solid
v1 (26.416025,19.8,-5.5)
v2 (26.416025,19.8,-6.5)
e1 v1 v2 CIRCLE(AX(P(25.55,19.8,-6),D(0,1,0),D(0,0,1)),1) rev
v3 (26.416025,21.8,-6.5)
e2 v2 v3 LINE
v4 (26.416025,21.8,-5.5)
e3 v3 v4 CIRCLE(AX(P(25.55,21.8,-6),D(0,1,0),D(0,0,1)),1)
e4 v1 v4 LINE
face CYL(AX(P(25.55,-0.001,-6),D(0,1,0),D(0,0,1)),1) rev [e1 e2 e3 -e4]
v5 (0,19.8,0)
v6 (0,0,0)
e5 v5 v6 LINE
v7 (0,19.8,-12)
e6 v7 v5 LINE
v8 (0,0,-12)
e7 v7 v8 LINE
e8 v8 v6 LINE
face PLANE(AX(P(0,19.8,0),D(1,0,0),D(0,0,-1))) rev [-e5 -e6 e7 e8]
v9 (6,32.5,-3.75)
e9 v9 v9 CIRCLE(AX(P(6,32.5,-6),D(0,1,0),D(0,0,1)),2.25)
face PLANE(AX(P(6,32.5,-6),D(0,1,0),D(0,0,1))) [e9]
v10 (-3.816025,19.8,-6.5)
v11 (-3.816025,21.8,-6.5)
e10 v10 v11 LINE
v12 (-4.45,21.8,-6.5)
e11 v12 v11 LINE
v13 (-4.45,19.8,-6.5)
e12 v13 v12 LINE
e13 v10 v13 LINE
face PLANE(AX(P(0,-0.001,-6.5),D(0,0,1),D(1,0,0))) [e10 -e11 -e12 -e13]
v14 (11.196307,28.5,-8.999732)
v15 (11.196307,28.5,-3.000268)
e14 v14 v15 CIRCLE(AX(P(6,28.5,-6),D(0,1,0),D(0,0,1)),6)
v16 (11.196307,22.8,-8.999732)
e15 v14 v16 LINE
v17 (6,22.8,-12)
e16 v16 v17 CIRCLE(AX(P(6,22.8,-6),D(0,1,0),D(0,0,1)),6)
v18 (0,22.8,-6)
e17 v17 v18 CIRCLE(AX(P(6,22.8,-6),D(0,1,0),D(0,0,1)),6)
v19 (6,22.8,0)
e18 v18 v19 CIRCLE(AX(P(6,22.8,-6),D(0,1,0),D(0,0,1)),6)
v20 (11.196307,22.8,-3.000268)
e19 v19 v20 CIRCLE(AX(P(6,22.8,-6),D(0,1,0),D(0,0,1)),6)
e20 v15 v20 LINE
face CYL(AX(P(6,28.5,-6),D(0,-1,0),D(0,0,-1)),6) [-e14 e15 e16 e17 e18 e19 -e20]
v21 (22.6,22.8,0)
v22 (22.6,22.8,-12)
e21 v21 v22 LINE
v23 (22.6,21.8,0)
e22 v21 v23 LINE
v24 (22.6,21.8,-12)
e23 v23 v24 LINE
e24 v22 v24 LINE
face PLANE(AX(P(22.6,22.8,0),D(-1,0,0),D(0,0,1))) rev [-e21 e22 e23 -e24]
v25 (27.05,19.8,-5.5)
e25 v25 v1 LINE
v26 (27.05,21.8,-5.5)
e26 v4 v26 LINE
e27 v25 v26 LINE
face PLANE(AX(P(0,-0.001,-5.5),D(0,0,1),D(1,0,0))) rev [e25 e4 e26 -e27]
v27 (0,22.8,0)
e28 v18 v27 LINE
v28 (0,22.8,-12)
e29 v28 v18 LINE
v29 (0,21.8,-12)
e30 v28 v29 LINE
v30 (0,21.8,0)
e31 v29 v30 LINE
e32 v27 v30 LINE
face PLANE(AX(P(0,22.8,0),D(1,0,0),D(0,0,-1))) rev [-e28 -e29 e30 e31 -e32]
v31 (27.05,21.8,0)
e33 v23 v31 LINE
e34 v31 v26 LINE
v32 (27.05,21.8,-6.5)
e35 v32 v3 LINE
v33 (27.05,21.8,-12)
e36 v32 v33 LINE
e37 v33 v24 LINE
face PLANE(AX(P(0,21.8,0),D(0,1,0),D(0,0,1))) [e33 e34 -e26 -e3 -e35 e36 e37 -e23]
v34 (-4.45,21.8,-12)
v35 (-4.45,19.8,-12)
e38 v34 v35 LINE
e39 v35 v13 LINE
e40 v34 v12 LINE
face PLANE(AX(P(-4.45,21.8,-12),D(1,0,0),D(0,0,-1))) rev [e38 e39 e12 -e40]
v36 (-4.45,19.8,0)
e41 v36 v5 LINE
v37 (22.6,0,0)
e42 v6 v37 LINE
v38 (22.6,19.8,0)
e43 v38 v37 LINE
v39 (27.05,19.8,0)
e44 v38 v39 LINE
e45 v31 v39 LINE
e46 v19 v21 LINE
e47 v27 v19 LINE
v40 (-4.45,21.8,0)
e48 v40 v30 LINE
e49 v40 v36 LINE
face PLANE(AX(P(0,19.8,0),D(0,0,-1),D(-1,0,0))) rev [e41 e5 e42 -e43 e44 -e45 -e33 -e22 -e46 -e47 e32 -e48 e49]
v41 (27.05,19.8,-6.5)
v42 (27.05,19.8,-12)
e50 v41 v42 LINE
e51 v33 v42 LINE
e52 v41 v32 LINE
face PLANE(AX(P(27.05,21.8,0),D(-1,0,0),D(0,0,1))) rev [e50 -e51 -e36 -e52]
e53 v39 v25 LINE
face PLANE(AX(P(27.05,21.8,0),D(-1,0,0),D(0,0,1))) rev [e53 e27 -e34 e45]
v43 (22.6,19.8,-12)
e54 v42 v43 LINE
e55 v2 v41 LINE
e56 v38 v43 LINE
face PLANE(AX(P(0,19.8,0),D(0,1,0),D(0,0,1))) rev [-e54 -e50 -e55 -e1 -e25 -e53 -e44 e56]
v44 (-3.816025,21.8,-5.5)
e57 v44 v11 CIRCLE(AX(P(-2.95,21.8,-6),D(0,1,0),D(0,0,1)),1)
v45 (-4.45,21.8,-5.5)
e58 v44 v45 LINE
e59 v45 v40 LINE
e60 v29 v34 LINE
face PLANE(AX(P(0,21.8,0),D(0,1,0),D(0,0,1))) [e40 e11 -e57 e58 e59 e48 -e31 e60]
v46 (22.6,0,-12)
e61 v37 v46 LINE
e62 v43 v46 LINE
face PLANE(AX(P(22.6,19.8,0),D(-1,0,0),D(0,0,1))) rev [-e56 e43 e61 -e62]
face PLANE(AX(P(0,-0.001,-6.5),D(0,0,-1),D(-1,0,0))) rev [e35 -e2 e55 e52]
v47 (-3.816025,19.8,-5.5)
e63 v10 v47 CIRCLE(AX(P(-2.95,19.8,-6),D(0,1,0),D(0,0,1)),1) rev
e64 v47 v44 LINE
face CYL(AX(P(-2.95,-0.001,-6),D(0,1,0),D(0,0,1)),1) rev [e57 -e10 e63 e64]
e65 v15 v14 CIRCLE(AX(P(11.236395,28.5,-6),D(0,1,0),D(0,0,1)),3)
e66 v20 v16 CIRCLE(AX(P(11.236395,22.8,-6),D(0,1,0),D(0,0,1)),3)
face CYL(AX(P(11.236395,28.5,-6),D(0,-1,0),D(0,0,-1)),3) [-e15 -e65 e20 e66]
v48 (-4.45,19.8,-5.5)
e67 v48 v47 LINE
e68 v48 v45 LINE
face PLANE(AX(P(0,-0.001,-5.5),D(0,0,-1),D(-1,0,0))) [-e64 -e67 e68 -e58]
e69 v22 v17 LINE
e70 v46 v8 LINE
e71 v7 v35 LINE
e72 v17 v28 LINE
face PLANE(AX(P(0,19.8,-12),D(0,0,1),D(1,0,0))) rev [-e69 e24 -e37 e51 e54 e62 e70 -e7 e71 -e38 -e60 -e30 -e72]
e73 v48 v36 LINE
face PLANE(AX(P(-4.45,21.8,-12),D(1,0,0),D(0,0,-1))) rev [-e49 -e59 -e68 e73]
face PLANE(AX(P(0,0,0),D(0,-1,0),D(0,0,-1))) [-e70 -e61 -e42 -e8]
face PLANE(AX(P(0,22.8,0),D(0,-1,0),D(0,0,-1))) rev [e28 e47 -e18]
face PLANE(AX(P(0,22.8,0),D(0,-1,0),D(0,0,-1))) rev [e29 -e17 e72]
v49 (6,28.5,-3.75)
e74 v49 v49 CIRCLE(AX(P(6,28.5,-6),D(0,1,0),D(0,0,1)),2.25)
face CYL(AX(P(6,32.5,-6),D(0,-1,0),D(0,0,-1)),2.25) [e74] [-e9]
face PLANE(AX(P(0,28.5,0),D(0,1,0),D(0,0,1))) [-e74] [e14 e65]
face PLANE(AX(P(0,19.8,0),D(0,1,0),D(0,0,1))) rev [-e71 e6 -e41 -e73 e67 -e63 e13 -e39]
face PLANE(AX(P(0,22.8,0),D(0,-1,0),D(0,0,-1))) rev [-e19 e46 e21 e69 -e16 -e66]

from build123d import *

# Parameters (mm, degrees)
SCHIZZO1_W                   = 22.6
SCHIZZO1_H                   = 12
ESTRUSIONE_ESTRUSIONE1_DEPTH = 19.8
SCHIZZO3_W                   = 31.5
SCHIZZO3_H                   = 12
ESTRUSIONE_ESTRUSIONE2_DEPTH = 2
SCHIZZO4_W                   = 22.6
SCHIZZO4_H                   = 12
ESTRUSIONE_ESTRUSIONE3_DEPTH = 1
SCHIZZO5_R                   = 3
SCHIZZO5_R_2                 = 6
ESTRUSIONE_ESTRUSIONE4_DEPTH = 5.7
SCHIZZO6_R                   = 2.25
ESTRUSIONE_ESTRUSIONE5_DEPTH = 4
TAGLIO_ESTRUSIONE2_REACH     = 38.755


with BuildPart() as part:
    # Schizzo1 → Estrusione-Estrusione1 (new body)
    with BuildSketch(Plane(origin=(0, 0, 0), x_dir=(1, 0, 0), z_dir=(0, 1, 0))):
        with Locations((11.3, 6)):
            Rectangle(SCHIZZO1_W, SCHIZZO1_H)
    extrude(amount=ESTRUSIONE_ESTRUSIONE1_DEPTH)

    # Schizzo3 → Estrusione-Estrusione2 (add)
    with BuildSketch(Plane(origin=(0, 19.8, 0), x_dir=(1, 0, 0), z_dir=(0, 1, 0))):
        with Locations((11.3, 6)):
            Rectangle(SCHIZZO3_W, SCHIZZO3_H)
    extrude(amount=ESTRUSIONE_ESTRUSIONE2_DEPTH)

    # Schizzo4 → Estrusione-Estrusione3 (add)
    with BuildSketch(Plane(origin=(0, 21.8, 0), x_dir=(1, 0, 0), z_dir=(0, 1, 0))):
        with Locations((11.3, 6)):
            Rectangle(SCHIZZO4_W, SCHIZZO4_H)
    extrude(amount=ESTRUSIONE_ESTRUSIONE3_DEPTH)

    # Schizzo5 → Estrusione-Estrusione4 (add)
    with BuildSketch(Plane(origin=(0, 22.8, 0), x_dir=(1, 0, 0), z_dir=(0, 1, 0))):
        with Locations((11.236395356, 6)):
            Circle(SCHIZZO5_R)
        with Locations((6, 6)):
            Circle(SCHIZZO5_R_2)
    extrude(amount=ESTRUSIONE_ESTRUSIONE4_DEPTH)

    # Schizzo6 → Estrusione-Estrusione5 (add)
    with BuildSketch(Plane(origin=(0, 28.5, 0), x_dir=(1, 0, 0), z_dir=(0, 1, 0))):
        with Locations(Location((6, 6, 0), (0, 0, 270))):
            Circle(SCHIZZO6_R)
    extrude(amount=ESTRUSIONE_ESTRUSIONE5_DEPTH)

    # Schizzo7 → Taglio-Estrusione2 (cut, up to next)
    with BuildSketch(Plane(origin=(0, 21.8, 0), x_dir=(1, 0, 0), z_dir=(0, 1, 0)), mode=Mode.PRIVATE) as taglio_estrusione2_sk1:
        with BuildLine():
            Line((-4.45, 5.5), (-3.816025404, 5.5))
            ThreePointArc((-3.816025404, 5.5), (-3.915925826, 5.741180955), (-3.95, 6))
            Line((-3.95, 6), (-4.45, 6))
            Line((-4.45, 6), (-4.45, 5.5))
        make_face()
    taglio_estrusione2_tool1 = extrude(taglio_estrusione2_sk1.sketch, amount=-TAGLIO_ESTRUSIONE2_REACH, mode=Mode.PRIVATE) & part.part
    # Schizzo7 → Taglio-Estrusione2 (cut, up to next)
    with BuildSketch(Plane(origin=(0, 21.8, 0), x_dir=(1, 0, 0), z_dir=(0, 1, 0)), mode=Mode.PRIVATE) as taglio_estrusione2_sk2:
        with BuildLine():
            ThreePointArc((-3.95, 6), (-3.915925826, 6.258819045), (-3.816025404, 6.5))
            Line((-3.816025404, 6.5), (-4.45, 6.5))
            Line((-4.45, 6.5), (-4.45, 6))
            Line((-4.45, 6), (-3.95, 6))
        make_face()
    taglio_estrusione2_tool2 = extrude(taglio_estrusione2_sk2.sketch, amount=-TAGLIO_ESTRUSIONE2_REACH, mode=Mode.PRIVATE) & part.part
    # Schizzo7 → Taglio-Estrusione2 (cut, up to next)
    with BuildSketch(Plane(origin=(0, 21.8, 0), x_dir=(1, 0, 0), z_dir=(0, 1, 0)), mode=Mode.PRIVATE) as taglio_estrusione2_sk3:
        with BuildLine():
            ThreePointArc((-3.816025404, 5.5), (-2.691180955, 5.034074174), (-1.95, 6))
            Line((-1.95, 6), (-2.449082486, 6))
            Line((-2.449082486, 6), (-2.449082486, 5.5))
            Line((-2.449082486, 5.5), (-3.816025404, 5.5))
        make_face()
    taglio_estrusione2_tool3 = extrude(taglio_estrusione2_sk3.sketch, amount=-TAGLIO_ESTRUSIONE2_REACH, mode=Mode.PRIVATE) & part.part
    # Schizzo7 → Taglio-Estrusione2 (cut, up to next)
    with BuildSketch(Plane(origin=(0, 21.8, 0), x_dir=(1, 0, 0), z_dir=(0, 1, 0)), mode=Mode.PRIVATE) as taglio_estrusione2_sk4:
        with BuildLine():
            Line((-2.449082486, 5.5), (-2.449082486, 6))
            Line((-2.449082486, 6), (-3.95, 6))
            ThreePointArc((-3.95, 6), (-3.915925826, 5.741180955), (-3.816025404, 5.5))
            Line((-3.816025404, 5.5), (-2.449082486, 5.5))
        make_face()
    taglio_estrusione2_tool4 = extrude(taglio_estrusione2_sk4.sketch, amount=-TAGLIO_ESTRUSIONE2_REACH, mode=Mode.PRIVATE) & part.part
    # Schizzo7 → Taglio-Estrusione2 (cut, up to next)
    with BuildSketch(Plane(origin=(0, 21.8, 0), x_dir=(1, 0, 0), z_dir=(0, 1, 0)), mode=Mode.PRIVATE) as taglio_estrusione2_sk5:
        with BuildLine():
            Line((-2.449082486, 6), (-1.95, 6))
            ThreePointArc((-1.95, 6), (-2.691180955, 6.965925826), (-3.816025404, 6.5))
            Line((-3.816025404, 6.5), (-2.449082486, 6.5))
            Line((-2.449082486, 6.5), (-2.449082486, 6))
        make_face()
    taglio_estrusione2_tool5 = extrude(taglio_estrusione2_sk5.sketch, amount=-TAGLIO_ESTRUSIONE2_REACH, mode=Mode.PRIVATE) & part.part
    # Schizzo7 → Taglio-Estrusione2 (cut, up to next)
    with BuildSketch(Plane(origin=(0, 21.8, 0), x_dir=(1, 0, 0), z_dir=(0, 1, 0)), mode=Mode.PRIVATE) as taglio_estrusione2_sk6:
        with BuildLine():
            Line((-3.95, 6), (-2.449082486, 6))
            Line((-2.449082486, 6), (-2.449082486, 6.5))
            Line((-2.449082486, 6.5), (-3.816025404, 6.5))
            ThreePointArc((-3.816025404, 6.5), (-3.915925826, 6.258819045), (-3.95, 6))
        make_face()
    taglio_estrusione2_tool6 = extrude(taglio_estrusione2_sk6.sketch, amount=-TAGLIO_ESTRUSIONE2_REACH, mode=Mode.PRIVATE) & part.part
    # Schizzo7 → Taglio-Estrusione2 (cut, up to next)
    with BuildSketch(Plane(origin=(0, 21.8, 0), x_dir=(1, 0, 0), z_dir=(0, 1, 0)), mode=Mode.PRIVATE) as taglio_estrusione2_sk7:
        with BuildLine():
            ThreePointArc((-3.816025404, 5.5), (-2.691180955, 5.034074174), (-1.95, 6))
            Line((-1.95, 6), (-2.449082486, 6))
            Line((-2.449082486, 6), (-2.449082486, 5.5))
            Line((-2.449082486, 5.5), (-3.816025404, 5.5))
        make_face()
    taglio_estrusione2_tool7 = extrude(taglio_estrusione2_sk7.sketch, amount=-TAGLIO_ESTRUSIONE2_REACH, mode=Mode.PRIVATE) & part.part
    # Schizzo7 → Taglio-Estrusione2 (cut, up to next)
    with BuildSketch(Plane(origin=(0, 21.8, 0), x_dir=(1, 0, 0), z_dir=(0, 1, 0)), mode=Mode.PRIVATE) as taglio_estrusione2_sk8:
        with BuildLine():
            Line((-2.449082486, 5.5), (-2.449082486, 6))
            Line((-2.449082486, 6), (-3.95, 6))
            ThreePointArc((-3.95, 6), (-3.915925826, 5.741180955), (-3.816025404, 5.5))
            Line((-3.816025404, 5.5), (-2.449082486, 5.5))
        make_face()
    taglio_estrusione2_tool8 = extrude(taglio_estrusione2_sk8.sketch, amount=-TAGLIO_ESTRUSIONE2_REACH, mode=Mode.PRIVATE) & part.part
    # Schizzo7 → Taglio-Estrusione2 (cut, up to next)
    with BuildSketch(Plane(origin=(0, 21.8, 0), x_dir=(1, 0, 0), z_dir=(0, 1, 0)), mode=Mode.PRIVATE) as taglio_estrusione2_sk9:
        with BuildLine():
            Line((-2.449082486, 6), (-1.95, 6))
            ThreePointArc((-1.95, 6), (-2.691180955, 6.965925826), (-3.816025404, 6.5))
            Line((-3.816025404, 6.5), (-2.449082486, 6.5))
            Line((-2.449082486, 6.5), (-2.449082486, 6))
        make_face()
    taglio_estrusione2_tool9 = extrude(taglio_estrusione2_sk9.sketch, amount=-TAGLIO_ESTRUSIONE2_REACH, mode=Mode.PRIVATE) & part.part
    # Schizzo7 → Taglio-Estrusione2 (cut, up to next)
    with BuildSketch(Plane(origin=(0, 21.8, 0), x_dir=(1, 0, 0), z_dir=(0, 1, 0)), mode=Mode.PRIVATE) as taglio_estrusione2_sk10:
        with BuildLine():
            Line((-3.95, 6), (-2.449082486, 6))
            Line((-2.449082486, 6), (-2.449082486, 6.5))
            Line((-2.449082486, 6.5), (-3.816025404, 6.5))
            ThreePointArc((-3.816025404, 6.5), (-3.915925826, 6.258819045), (-3.95, 6))
        make_face()
    taglio_estrusione2_tool10 = extrude(taglio_estrusione2_sk10.sketch, amount=-TAGLIO_ESTRUSIONE2_REACH, mode=Mode.PRIVATE) & part.part
    # Schizzo7 → Taglio-Estrusione2 (cut, up to next)
    with BuildSketch(Plane(origin=(0, 21.8, 0), x_dir=(1, 0, 0), z_dir=(0, 1, 0)), mode=Mode.PRIVATE) as taglio_estrusione2_sk11:
        with BuildLine():
            ThreePointArc((26.416025404, 5.5), (26.515925826, 5.741180955), (26.55, 6))
            Line((26.55, 6), (25.047557224, 6))
            Line((25.047557224, 6), (25.047557224, 5.5))
            Line((25.047557224, 5.5), (26.416025404, 5.5))
        make_face()
    taglio_estrusione2_tool11 = extrude(taglio_estrusione2_sk11.sketch, amount=-TAGLIO_ESTRUSIONE2_REACH, mode=Mode.PRIVATE) & part.part
    # Schizzo7 → Taglio-Estrusione2 (cut, up to next)
    with BuildSketch(Plane(origin=(0, 21.8, 0), x_dir=(1, 0, 0), z_dir=(0, 1, 0)), mode=Mode.PRIVATE) as taglio_estrusione2_sk12:
        with BuildLine():
            Line((25.047557224, 5.5), (25.047557224, 6))
            Line((25.047557224, 6), (24.55, 6))
            ThreePointArc((24.55, 6), (25.291180955, 5.034074174), (26.416025404, 5.5))
            Line((26.416025404, 5.5), (25.047557224, 5.5))
        make_face()
    taglio_estrusione2_tool12 = extrude(taglio_estrusione2_sk12.sketch, amount=-TAGLIO_ESTRUSIONE2_REACH, mode=Mode.PRIVATE) & part.part
    # Schizzo7 → Taglio-Estrusione2 (cut, up to next)
    with BuildSketch(Plane(origin=(0, 21.8, 0), x_dir=(1, 0, 0), z_dir=(0, 1, 0)), mode=Mode.PRIVATE) as taglio_estrusione2_sk13:
        with BuildLine():
            ThreePointArc((26.416025404, 5.5), (26.515925826, 5.741180955), (26.55, 6))
            Line((26.55, 6), (25.047557224, 6))
            Line((25.047557224, 6), (25.047557224, 5.5))
            Line((25.047557224, 5.5), (26.416025404, 5.5))
        make_face()
    taglio_estrusione2_tool13 = extrude(taglio_estrusione2_sk13.sketch, amount=-TAGLIO_ESTRUSIONE2_REACH, mode=Mode.PRIVATE) & part.part
    # Schizzo7 → Taglio-Estrusione2 (cut, up to next)
    with BuildSketch(Plane(origin=(0, 21.8, 0), x_dir=(1, 0, 0), z_dir=(0, 1, 0)), mode=Mode.PRIVATE) as taglio_estrusione2_sk14:
        with BuildLine():
            Line((25.047557224, 5.5), (25.047557224, 6))
            Line((25.047557224, 6), (24.55, 6))
            ThreePointArc((24.55, 6), (25.291180955, 5.034074174), (26.416025404, 5.5))
            Line((26.416025404, 5.5), (25.047557224, 5.5))
        make_face()
    taglio_estrusione2_tool14 = extrude(taglio_estrusione2_sk14.sketch, amount=-TAGLIO_ESTRUSIONE2_REACH, mode=Mode.PRIVATE) & part.part
    # Schizzo7 → Taglio-Estrusione2 (cut, up to next)
    with BuildSketch(Plane(origin=(0, 21.8, 0), x_dir=(1, 0, 0), z_dir=(0, 1, 0)), mode=Mode.PRIVATE) as taglio_estrusione2_sk15:
        with BuildLine():
            Line((25.047557224, 6), (26.55, 6))
            ThreePointArc((26.55, 6), (26.515925826, 6.258819045), (26.416025404, 6.5))
            Line((26.416025404, 6.5), (25.047557224, 6.5))
            Line((25.047557224, 6.5), (25.047557224, 6))
        make_face()
    taglio_estrusione2_tool15 = extrude(taglio_estrusione2_sk15.sketch, amount=-TAGLIO_ESTRUSIONE2_REACH, mode=Mode.PRIVATE) & part.part
    # Schizzo7 → Taglio-Estrusione2 (cut, up to next)
    with BuildSketch(Plane(origin=(0, 21.8, 0), x_dir=(1, 0, 0), z_dir=(0, 1, 0)), mode=Mode.PRIVATE) as taglio_estrusione2_sk16:
        with BuildLine():
            Line((24.55, 6), (25.047557224, 6))
            Line((25.047557224, 6), (25.047557224, 6.5))
            Line((25.047557224, 6.5), (26.416025404, 6.5))
            ThreePointArc((26.416025404, 6.5), (25.291180955, 6.965925826), (24.55, 6))
        make_face()
    taglio_estrusione2_tool16 = extrude(taglio_estrusione2_sk16.sketch, amount=-TAGLIO_ESTRUSIONE2_REACH, mode=Mode.PRIVATE) & part.part
    # Schizzo7 → Taglio-Estrusione2 (cut, up to next)
    with BuildSketch(Plane(origin=(0, 21.8, 0), x_dir=(1, 0, 0), z_dir=(0, 1, 0)), mode=Mode.PRIVATE) as taglio_estrusione2_sk17:
        with BuildLine():
            Line((25.047557224, 6), (26.55, 6))
            ThreePointArc((26.55, 6), (26.515925826, 6.258819045), (26.416025404, 6.5))
            Line((26.416025404, 6.5), (25.047557224, 6.5))
            Line((25.047557224, 6.5), (25.047557224, 6))
        make_face()
    taglio_estrusione2_tool17 = extrude(taglio_estrusione2_sk17.sketch, amount=-TAGLIO_ESTRUSIONE2_REACH, mode=Mode.PRIVATE) & part.part
    # Schizzo7 → Taglio-Estrusione2 (cut, up to next)
    with BuildSketch(Plane(origin=(0, 21.8, 0), x_dir=(1, 0, 0), z_dir=(0, 1, 0)), mode=Mode.PRIVATE) as taglio_estrusione2_sk18:
        with BuildLine():
            Line((24.55, 6), (25.047557224, 6))
            Line((25.047557224, 6), (25.047557224, 6.5))
            Line((25.047557224, 6.5), (26.416025404, 6.5))
            ThreePointArc((26.416025404, 6.5), (25.291180955, 6.965925826), (24.55, 6))
        make_face()
    taglio_estrusione2_tool18 = extrude(taglio_estrusione2_sk18.sketch, amount=-TAGLIO_ESTRUSIONE2_REACH, mode=Mode.PRIVATE) & part.part
    # Schizzo7 → Taglio-Estrusione2 (cut, up to next)
    with BuildSketch(Plane(origin=(0, 21.8, 0), x_dir=(1, 0, 0), z_dir=(0, 1, 0)), mode=Mode.PRIVATE) as taglio_estrusione2_sk19:
        with BuildLine():
            Line((26.55, 6), (27.05, 6))
            Line((27.05, 6), (27.05, 6.5))
            Line((27.05, 6.5), (26.416025404, 6.5))
            ThreePointArc((26.416025404, 6.5), (26.515925826, 6.258819045), (26.55, 6))
        make_face()
    taglio_estrusione2_tool19 = extrude(taglio_estrusione2_sk19.sketch, amount=-TAGLIO_ESTRUSIONE2_REACH, mode=Mode.PRIVATE) & part.part
    # Schizzo7 → Taglio-Estrusione2 (cut, up to next)
    with BuildSketch(Plane(origin=(0, 21.8, 0), x_dir=(1, 0, 0), z_dir=(0, 1, 0)), mode=Mode.PRIVATE) as taglio_estrusione2_sk20:
        with BuildLine():
            Line((27.05, 5.5), (27.05, 6))
            Line((27.05, 6), (26.55, 6))
            ThreePointArc((26.55, 6), (26.515925826, 5.741180955), (26.416025404, 5.5))
            Line((26.416025404, 5.5), (27.05, 5.5))
        make_face()
    taglio_estrusione2_tool20 = extrude(taglio_estrusione2_sk20.sketch, amount=-TAGLIO_ESTRUSIONE2_REACH, mode=Mode.PRIVATE) & part.part
    add(taglio_estrusione2_tool1.solids().sort_by_distance((-4.176869, 21.8, -5.73988))[0], mode=Mode.SUBTRACT)
    add(taglio_estrusione2_tool2.solids().sort_by_distance((-4.176869, 21.8, -6.26012))[0], mode=Mode.SUBTRACT)
    add(taglio_estrusione2_tool3.solids().sort_by_distance((-2.752339, 21.8, -5.42137))[0], mode=Mode.SUBTRACT)
    add(taglio_estrusione2_tool4.solids().sort_by_distance((-3.178383, 21.8, -5.753773))[0], mode=Mode.SUBTRACT)
    add(taglio_estrusione2_tool5.solids().sort_by_distance((-2.752339, 21.8, -6.57863))[0], mode=Mode.SUBTRACT)
    add(taglio_estrusione2_tool6.solids().sort_by_distance((-3.178383, 21.8, -6.246227))[0], mode=Mode.SUBTRACT)
    add(taglio_estrusione2_tool7.solids().sort_by_distance((-2.752339, 21.8, -5.42137))[0], mode=Mode.SUBTRACT)
    add(taglio_estrusione2_tool8.solids().sort_by_distance((-3.178383, 21.8, -5.753773))[0], mode=Mode.SUBTRACT)
    add(taglio_estrusione2_tool9.solids().sort_by_distance((-2.752339, 21.8, -6.57863))[0], mode=Mode.SUBTRACT)
    add(taglio_estrusione2_tool10.solids().sort_by_distance((-3.178383, 21.8, -6.246227))[0], mode=Mode.SUBTRACT)
    add(taglio_estrusione2_tool11.solids().sort_by_distance((25.777619, 21.8, -5.753769))[0], mode=Mode.SUBTRACT)
    add(taglio_estrusione2_tool12.solids().sort_by_distance((25.352614, 21.8, -5.421072))[0], mode=Mode.SUBTRACT)
    add(taglio_estrusione2_tool13.solids().sort_by_distance((25.777619, 21.8, -5.753769))[0], mode=Mode.SUBTRACT)
    add(taglio_estrusione2_tool14.solids().sort_by_distance((25.352614, 21.8, -5.421072))[0], mode=Mode.SUBTRACT)
    add(taglio_estrusione2_tool15.solids().sort_by_distance((25.777619, 21.8, -6.246231))[0], mode=Mode.SUBTRACT)
    add(taglio_estrusione2_tool16.solids().sort_by_distance((25.352614, 21.8, -6.578928))[0], mode=Mode.SUBTRACT)
    add(taglio_estrusione2_tool17.solids().sort_by_distance((25.777619, 21.8, -6.246231))[0], mode=Mode.SUBTRACT)
    add(taglio_estrusione2_tool18.solids().sort_by_distance((25.352614, 21.8, -6.578928))[0], mode=Mode.SUBTRACT)
    add(taglio_estrusione2_tool19.solids().sort_by_distance((26.776869, 21.8, -6.26012))[0], mode=Mode.SUBTRACT)
    add(taglio_estrusione2_tool20.solids().sort_by_distance((26.776869, 21.8, -5.73988))[0], mode=Mode.SUBTRACT)


solid = part.part
